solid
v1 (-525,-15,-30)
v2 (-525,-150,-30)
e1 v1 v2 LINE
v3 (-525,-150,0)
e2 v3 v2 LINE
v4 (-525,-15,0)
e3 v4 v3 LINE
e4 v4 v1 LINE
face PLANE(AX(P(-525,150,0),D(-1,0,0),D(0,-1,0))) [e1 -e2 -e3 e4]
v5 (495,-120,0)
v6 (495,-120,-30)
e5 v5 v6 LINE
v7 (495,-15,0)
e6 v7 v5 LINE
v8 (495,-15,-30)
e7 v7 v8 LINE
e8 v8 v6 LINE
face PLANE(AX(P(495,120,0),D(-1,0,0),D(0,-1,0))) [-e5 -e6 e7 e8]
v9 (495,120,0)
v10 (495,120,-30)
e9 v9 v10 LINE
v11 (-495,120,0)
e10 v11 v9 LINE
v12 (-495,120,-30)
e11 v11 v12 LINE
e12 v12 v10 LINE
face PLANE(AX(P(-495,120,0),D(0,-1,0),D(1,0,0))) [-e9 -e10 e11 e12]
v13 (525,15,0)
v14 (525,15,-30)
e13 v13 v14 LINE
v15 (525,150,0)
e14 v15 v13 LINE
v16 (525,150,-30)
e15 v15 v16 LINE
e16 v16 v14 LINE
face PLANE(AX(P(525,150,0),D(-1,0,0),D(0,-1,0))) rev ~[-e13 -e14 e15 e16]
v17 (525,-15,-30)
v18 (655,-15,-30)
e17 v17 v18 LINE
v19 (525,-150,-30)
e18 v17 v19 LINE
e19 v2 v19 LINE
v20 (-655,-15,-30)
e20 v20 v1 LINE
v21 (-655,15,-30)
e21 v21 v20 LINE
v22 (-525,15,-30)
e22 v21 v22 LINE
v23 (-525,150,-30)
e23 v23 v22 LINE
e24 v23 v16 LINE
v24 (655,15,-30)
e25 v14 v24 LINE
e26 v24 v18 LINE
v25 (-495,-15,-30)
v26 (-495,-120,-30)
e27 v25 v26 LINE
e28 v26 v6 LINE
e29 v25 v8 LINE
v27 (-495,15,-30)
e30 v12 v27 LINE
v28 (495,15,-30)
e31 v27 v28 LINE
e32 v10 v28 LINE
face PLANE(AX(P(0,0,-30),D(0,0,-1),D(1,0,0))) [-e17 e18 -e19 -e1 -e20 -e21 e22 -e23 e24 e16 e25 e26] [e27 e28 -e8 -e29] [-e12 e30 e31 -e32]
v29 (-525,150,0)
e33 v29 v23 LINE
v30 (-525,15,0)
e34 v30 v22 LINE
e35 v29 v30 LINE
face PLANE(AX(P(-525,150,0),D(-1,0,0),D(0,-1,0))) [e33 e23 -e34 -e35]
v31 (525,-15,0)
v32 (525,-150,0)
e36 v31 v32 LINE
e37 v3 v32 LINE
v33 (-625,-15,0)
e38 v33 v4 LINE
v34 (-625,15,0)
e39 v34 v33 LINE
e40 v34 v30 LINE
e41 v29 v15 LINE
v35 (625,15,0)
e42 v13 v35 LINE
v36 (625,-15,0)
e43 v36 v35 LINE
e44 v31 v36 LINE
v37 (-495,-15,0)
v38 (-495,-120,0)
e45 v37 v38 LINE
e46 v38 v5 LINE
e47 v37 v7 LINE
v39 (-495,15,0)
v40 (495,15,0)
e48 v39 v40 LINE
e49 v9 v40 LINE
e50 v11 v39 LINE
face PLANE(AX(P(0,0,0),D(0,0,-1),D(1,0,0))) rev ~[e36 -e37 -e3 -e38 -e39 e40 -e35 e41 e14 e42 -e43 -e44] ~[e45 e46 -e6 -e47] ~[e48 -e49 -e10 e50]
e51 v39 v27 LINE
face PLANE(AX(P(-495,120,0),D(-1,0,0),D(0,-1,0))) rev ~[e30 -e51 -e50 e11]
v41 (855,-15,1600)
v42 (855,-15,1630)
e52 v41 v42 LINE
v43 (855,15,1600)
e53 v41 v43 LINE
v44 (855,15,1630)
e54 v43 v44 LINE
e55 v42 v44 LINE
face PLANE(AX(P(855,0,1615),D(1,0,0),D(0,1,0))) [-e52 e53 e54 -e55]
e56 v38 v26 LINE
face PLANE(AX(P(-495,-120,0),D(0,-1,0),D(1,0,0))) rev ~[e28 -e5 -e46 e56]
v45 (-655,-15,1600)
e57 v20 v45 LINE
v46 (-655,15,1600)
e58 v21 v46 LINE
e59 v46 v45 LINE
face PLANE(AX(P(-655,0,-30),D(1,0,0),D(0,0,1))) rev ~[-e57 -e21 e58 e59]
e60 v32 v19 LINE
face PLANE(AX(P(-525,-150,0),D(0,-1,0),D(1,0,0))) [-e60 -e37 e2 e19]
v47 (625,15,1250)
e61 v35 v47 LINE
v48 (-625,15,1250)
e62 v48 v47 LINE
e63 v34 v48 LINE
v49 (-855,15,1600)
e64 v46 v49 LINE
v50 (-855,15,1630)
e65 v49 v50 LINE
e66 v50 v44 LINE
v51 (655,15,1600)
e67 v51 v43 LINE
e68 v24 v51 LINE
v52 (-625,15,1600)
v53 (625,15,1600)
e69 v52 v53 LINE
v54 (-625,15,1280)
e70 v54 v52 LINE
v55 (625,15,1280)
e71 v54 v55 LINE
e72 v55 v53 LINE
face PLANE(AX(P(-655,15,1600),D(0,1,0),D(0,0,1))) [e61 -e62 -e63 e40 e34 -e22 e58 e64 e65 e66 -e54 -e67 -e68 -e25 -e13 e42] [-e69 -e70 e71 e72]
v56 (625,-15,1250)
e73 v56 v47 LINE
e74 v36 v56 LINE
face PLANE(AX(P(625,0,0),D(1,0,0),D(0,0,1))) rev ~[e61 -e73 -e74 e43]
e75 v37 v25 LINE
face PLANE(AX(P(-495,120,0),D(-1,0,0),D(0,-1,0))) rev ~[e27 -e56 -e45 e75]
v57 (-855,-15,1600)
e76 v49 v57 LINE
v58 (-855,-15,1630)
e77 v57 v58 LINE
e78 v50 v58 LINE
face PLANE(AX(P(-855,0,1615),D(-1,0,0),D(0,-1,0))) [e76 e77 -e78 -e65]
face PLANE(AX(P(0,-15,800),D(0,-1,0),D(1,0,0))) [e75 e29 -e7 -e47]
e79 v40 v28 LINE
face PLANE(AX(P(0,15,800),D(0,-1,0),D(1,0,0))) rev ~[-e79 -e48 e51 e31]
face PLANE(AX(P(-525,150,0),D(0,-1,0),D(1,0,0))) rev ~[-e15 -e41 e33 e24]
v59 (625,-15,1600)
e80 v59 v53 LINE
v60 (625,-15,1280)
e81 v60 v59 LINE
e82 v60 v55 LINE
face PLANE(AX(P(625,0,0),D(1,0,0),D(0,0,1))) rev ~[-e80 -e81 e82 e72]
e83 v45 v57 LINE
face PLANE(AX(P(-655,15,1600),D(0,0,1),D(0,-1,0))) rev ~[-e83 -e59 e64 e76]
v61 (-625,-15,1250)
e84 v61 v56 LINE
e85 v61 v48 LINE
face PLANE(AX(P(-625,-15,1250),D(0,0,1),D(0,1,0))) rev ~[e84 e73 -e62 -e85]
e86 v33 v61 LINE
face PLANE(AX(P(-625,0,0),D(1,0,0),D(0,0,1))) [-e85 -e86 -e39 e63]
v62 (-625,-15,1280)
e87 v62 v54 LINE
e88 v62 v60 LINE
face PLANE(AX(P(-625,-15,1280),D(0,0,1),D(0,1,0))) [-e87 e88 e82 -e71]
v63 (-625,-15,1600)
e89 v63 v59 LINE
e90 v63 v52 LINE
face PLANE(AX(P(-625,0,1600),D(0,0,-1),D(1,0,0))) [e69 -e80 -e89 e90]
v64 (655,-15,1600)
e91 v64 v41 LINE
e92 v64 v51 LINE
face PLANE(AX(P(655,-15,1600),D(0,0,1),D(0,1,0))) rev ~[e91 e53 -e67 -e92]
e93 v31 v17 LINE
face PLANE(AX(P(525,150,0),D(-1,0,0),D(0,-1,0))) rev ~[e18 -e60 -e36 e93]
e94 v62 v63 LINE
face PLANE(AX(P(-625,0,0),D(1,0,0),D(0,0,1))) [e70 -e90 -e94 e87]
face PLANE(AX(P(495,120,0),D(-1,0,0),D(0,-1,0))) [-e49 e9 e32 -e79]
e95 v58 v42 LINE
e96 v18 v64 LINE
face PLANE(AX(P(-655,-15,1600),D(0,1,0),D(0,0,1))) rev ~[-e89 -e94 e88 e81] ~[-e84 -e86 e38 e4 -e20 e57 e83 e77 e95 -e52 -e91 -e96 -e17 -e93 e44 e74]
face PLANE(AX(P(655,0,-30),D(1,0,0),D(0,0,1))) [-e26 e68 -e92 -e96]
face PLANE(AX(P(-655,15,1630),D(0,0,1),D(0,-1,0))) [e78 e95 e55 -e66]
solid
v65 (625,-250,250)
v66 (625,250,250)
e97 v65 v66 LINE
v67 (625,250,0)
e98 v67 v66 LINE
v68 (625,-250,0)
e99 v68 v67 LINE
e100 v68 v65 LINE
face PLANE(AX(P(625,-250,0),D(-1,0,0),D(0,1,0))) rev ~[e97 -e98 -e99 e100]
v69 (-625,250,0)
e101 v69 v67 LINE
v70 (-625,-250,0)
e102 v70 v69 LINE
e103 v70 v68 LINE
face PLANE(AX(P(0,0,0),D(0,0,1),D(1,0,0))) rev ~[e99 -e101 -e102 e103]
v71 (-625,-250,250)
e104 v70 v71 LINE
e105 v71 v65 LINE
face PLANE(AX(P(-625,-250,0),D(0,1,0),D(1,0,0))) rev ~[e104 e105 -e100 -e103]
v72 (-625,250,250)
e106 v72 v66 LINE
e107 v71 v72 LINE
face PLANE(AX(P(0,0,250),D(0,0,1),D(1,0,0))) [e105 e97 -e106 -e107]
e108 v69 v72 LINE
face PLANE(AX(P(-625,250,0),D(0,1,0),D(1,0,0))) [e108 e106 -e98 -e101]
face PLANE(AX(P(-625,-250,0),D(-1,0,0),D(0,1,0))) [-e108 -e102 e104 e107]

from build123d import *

# Parameters (mm, degrees)
F0_W      = 1250
F0_H      = 500
F1_DEPTH  = 250
F2_W      = 1310
F2_H      = 1660
F2_W_2    = 1250
F2_H_2    = 1600
F3_DEPTH  = 15
F4_W      = 1050
F4_H      = 300
F4_W_2    = 990
F4_H_2    = 240
F5_DEPTH  = 30
F6_W      = 30
F6_H      = 30
F7_DEPTH  = 200
F8_W      = 30
F8_H      = 30
F9_DEPTH  = 200
F10_W     = 30
F10_H     = 30
F11_DEPTH = 1250


with BuildPart() as f1:
    # F0 (on Top) → F1 (new body)
    with BuildSketch(Plane.XY):
        Rectangle(F0_W, F0_H)
    extrude(amount=F1_DEPTH)


with BuildPart() as f3:
    # F2 (on Front) → F3 (new body, symmetric)
    with BuildSketch(Plane.XZ):
        with Locations((0, 800)):
            Rectangle(F2_W, F2_H)
        with Locations((0, 800)):
            Rectangle(F2_W_2, F2_H_2, mode=Mode.SUBTRACT)
    extrude(amount=F3_DEPTH, both=True)

    # F4 (on face) → F5 (join)
    with BuildSketch(Plane(origin=(0, 0, 0), x_dir=(1, 0, 0), z_dir=(0, 0, -1))):
        Rectangle(F4_W, F4_H)
        Rectangle(F4_W_2, F4_H_2, mode=Mode.SUBTRACT)
    extrude(amount=F5_DEPTH)

    # F6 (on face) → F7 (join)
    with BuildSketch(Plane.YZ.offset(655)):
        with Locations((0, 1615)):
            Rectangle(F6_W, F6_H)
    extrude(amount=F7_DEPTH)

    # F8 (on face) → F9 (join)
    with BuildSketch(Plane(origin=(-655, 0, 0), x_dir=(0, -1, 0), z_dir=(-1, 0, 0))):
        with Locations((0, 1615)):
            Rectangle(F8_W, F8_H)
    extrude(amount=F9_DEPTH)

    # F10 (on face) → F11 (join, through all)
    with BuildSketch(Plane.YZ.offset(-625)):
        with Locations((0, 1265)):
            Rectangle(F10_W, F10_H)
    extrude(amount=F11_DEPTH)


solid = Compound([f1.part, f3.part])
